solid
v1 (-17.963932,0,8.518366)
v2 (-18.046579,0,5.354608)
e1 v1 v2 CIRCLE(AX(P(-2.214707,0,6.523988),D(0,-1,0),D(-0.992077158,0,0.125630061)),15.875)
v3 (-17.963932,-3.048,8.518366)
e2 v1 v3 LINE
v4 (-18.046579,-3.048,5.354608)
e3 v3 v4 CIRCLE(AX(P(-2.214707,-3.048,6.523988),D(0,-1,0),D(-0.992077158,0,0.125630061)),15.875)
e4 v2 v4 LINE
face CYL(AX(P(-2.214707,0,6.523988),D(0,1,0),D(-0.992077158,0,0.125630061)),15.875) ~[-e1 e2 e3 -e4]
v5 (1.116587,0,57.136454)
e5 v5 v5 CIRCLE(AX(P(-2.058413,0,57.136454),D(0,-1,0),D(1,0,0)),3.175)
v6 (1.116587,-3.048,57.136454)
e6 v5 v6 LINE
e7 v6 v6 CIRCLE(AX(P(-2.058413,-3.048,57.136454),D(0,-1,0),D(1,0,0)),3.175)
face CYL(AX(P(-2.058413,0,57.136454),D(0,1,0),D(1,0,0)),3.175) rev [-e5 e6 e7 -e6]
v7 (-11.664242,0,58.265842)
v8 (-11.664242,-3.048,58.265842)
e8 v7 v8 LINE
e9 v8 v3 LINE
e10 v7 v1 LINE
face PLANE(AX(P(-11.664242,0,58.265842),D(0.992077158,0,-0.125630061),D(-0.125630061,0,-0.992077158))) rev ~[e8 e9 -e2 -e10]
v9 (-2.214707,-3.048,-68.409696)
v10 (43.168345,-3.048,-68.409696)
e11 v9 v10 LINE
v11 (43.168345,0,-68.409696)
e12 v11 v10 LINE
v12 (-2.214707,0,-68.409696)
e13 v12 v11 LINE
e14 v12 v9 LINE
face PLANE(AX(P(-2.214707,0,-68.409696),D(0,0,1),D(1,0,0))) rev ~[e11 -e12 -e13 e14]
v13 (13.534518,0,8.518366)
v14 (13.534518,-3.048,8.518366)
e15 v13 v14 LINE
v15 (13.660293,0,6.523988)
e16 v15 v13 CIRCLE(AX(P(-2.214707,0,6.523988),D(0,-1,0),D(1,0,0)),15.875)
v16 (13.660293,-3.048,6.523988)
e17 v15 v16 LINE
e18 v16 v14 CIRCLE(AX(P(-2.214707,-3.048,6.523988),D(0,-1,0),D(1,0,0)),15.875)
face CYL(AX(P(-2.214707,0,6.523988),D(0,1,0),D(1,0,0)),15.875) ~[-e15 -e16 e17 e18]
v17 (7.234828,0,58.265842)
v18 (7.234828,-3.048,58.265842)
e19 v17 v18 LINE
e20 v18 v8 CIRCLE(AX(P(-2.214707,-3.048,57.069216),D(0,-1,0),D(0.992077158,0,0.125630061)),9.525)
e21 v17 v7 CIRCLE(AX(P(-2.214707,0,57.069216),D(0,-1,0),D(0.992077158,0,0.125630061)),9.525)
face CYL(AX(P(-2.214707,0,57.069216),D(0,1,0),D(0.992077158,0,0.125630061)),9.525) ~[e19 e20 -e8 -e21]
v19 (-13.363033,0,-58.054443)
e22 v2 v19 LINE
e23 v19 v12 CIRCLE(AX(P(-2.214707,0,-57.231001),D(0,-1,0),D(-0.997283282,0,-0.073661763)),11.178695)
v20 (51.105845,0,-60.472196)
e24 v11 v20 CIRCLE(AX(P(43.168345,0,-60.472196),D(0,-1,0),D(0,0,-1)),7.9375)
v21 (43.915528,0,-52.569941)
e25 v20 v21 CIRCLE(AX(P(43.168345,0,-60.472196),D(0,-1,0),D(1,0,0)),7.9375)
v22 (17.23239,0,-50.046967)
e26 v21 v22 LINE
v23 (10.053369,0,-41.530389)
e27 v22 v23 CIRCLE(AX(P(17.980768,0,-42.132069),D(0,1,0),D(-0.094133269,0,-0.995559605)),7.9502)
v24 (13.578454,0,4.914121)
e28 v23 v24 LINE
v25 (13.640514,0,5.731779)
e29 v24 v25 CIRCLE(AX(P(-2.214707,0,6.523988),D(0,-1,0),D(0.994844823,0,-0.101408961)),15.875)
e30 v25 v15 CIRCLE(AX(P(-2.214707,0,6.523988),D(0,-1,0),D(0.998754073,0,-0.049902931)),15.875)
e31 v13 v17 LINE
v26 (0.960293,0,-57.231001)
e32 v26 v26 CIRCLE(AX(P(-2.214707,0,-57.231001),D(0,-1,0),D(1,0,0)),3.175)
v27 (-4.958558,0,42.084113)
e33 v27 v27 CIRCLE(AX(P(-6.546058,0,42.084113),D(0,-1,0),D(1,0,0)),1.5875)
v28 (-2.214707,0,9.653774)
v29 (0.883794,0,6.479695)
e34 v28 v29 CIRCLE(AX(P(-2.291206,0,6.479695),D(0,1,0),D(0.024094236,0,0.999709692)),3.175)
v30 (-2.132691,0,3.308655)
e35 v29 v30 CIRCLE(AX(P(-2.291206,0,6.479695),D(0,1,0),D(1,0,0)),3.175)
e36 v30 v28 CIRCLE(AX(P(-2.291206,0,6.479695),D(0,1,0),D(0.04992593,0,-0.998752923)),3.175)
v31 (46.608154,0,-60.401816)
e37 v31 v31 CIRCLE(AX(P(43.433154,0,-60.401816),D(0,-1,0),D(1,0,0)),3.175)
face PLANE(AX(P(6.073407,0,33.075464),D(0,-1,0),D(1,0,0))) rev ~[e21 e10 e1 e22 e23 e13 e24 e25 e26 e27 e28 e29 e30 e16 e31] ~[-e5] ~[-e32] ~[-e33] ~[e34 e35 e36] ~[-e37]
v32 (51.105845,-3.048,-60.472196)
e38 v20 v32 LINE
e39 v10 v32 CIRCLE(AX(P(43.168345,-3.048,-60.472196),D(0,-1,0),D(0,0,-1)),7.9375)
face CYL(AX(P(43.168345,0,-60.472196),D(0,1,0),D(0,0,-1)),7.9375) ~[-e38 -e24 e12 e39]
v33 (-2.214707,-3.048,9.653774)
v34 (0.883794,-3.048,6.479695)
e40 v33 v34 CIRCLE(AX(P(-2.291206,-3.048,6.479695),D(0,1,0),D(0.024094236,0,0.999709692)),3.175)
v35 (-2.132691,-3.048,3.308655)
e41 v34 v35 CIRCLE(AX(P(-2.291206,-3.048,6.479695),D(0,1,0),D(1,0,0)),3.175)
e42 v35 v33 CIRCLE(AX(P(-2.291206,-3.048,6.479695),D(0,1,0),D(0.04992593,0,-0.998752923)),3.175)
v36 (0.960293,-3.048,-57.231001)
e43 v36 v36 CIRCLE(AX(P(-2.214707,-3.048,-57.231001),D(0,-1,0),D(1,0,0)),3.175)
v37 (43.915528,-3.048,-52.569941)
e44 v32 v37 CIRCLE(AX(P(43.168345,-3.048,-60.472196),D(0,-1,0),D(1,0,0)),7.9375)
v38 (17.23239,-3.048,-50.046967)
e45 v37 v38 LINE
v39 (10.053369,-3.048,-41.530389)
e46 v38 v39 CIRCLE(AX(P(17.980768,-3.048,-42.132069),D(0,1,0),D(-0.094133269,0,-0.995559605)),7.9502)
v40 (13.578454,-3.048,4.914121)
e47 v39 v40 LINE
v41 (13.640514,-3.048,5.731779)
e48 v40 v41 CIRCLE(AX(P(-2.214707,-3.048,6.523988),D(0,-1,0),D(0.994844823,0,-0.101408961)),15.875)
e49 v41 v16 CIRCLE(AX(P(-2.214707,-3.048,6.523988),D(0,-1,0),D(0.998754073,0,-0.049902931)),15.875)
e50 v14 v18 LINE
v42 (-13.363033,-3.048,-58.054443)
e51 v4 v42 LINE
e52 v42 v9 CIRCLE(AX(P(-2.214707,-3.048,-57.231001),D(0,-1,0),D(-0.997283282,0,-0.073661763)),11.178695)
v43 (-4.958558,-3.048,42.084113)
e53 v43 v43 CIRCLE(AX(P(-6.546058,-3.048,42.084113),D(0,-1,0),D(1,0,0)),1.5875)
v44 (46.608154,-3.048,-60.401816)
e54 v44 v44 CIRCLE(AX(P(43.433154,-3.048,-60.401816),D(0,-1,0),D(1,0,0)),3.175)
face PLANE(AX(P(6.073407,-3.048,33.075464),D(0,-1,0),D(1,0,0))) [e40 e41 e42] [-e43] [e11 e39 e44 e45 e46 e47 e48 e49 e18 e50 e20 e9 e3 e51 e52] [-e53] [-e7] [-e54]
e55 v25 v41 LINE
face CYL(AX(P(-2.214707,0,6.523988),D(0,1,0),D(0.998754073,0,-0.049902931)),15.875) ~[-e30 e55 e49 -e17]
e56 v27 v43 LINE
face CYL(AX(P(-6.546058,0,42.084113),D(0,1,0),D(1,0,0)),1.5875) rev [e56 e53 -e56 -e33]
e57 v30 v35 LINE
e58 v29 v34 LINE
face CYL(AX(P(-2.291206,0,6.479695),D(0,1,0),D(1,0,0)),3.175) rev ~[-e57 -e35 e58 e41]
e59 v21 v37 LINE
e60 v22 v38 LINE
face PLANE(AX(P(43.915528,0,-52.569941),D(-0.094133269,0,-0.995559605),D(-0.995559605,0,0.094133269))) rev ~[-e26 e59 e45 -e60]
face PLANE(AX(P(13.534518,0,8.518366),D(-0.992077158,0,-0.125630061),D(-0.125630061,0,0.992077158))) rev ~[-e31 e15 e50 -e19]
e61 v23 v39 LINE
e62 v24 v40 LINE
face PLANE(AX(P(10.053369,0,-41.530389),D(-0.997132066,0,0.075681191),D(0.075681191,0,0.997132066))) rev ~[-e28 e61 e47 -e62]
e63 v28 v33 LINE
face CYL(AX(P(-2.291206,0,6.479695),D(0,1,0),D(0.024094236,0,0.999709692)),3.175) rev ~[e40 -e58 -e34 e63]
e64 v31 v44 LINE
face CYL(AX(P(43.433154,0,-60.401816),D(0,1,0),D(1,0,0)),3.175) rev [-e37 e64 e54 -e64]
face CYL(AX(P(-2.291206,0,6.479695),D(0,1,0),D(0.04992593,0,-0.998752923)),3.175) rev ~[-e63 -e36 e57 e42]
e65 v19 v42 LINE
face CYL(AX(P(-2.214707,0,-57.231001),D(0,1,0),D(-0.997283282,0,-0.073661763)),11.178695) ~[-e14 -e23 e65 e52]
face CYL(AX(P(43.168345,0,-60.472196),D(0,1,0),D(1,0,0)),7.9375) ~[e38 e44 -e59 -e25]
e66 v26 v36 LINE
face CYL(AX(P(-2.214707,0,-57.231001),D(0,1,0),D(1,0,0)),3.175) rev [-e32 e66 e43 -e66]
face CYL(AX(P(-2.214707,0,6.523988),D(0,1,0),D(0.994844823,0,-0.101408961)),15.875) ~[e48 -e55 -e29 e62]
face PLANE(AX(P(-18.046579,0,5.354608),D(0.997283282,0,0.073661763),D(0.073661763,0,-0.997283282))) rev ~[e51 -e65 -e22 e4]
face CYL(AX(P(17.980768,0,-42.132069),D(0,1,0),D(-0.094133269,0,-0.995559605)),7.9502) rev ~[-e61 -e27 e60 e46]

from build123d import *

# Parameters (mm, degrees)
F0_R     = 1.5875
F0_R_2   = 3.175
F1_DEPTH = 3.048


with BuildPart() as f1:
    # F0 (on Front) → F1 (new body)
    with BuildSketch(Plane.XZ):
        with BuildLine():
            ThreePointArc((7.3102929275, 57.069215628), (4.5204850183, 50.3340235372), (-2.2147070725, 47.544215628))
            Line((-2.2147070725, 47.544215628), (-2.2147070725, 22.3989884319))
            ThreePointArc((-2.2147070725, 22.3989884319), (8.2818372765, 18.4335720405), (13.5345178126, 8.5183656578))
            Line((13.5345178126, 8.5183656578), (7.2348278586, 58.2658419636))
            ThreePointArc((7.2348278586, 58.2658419636), (7.2914079389, 57.6687174136), (7.3102929275, 57.069215628))
        make_face()
        with BuildLine():
            Line((-2.2147070725, 22.3989884319), (-2.2147070725, 47.544215628))
            ThreePointArc((-2.2147070725, 47.544215628), (-9.3604572377, 50.7712890187), (-11.6642420035, 58.2658419636))
            Line((-11.6642420035, 58.2658419636), (-17.9639319576, 8.5183656578))
            ThreePointArc((-17.9639319576, 8.5183656578), (-12.7112514214, 18.4335720405), (-2.2147070725, 22.3989884319))
        make_face()
        with Locations((-6.5460577607, 42.0841127634)):
            Circle(F0_R, mode=Mode.SUBTRACT)
        with BuildLine():
            ThreePointArc((-11.6642420035, 58.2658419636), (-9.3604572377, 50.7712890187), (-2.2147070725, 47.544215628))
            ThreePointArc((-2.2147070725, 47.544215628), (4.5204850183, 50.3340235372), (7.3102929275, 57.069215628))
            ThreePointArc((7.3102929275, 57.069215628), (7.2914079389, 57.6687174136), (7.2348278586, 58.2658419636))
            ThreePointArc((7.2348278586, 58.2658419636), (-2.2147070725, 66.594215628), (-11.6642420035, 58.2658419636))
        make_face()
        with Locations((-2.0584128797, 57.1364536881)):
            Circle(F0_R_2, mode=Mode.SUBTRACT)
        with BuildLine():
            ThreePointArc((13.5345178126, 8.5183656578), (8.2818372765, 18.4335720405), (-2.2147070725, 22.3989884319))
            Line((-2.2147070725, 22.3989884319), (-2.2147070725, 9.6537737107))
            ThreePointArc((-2.2147070725, 9.6537737107), (-0.0192566722, 8.6975480096), (0.8837937295, 6.4796954393))
            ThreePointArc((0.8837937295, 6.4796954393), (0.0092186443, 4.2913923956), (-2.132691443, 3.3086549083))
            Line((-2.132691443, 3.3086549083), (-2.132691443, -9.3507997065))
            ThreePointArc((-2.132691443, -9.3507997065), (8.4566239022, -5.2292375181), (13.5784544993, 4.9141211804))
            Line((13.5784544993, 4.9141211804), (13.6405138302, 5.7317794152))
            ThreePointArc((13.6405138302, 5.7317794152), (13.6553473829, 6.1277604865), (13.6602929275, 6.5239884319))
            ThreePointArc((13.6602929275, 6.5239884319), (13.6288179464, 7.5231580745), (13.5345178126, 8.5183656578))
        make_face()
        with BuildLine():
            Line((-2.2147070725, 9.6537737107), (-2.2147070725, 22.3989884319))
            ThreePointArc((-2.2147070725, 22.3989884319), (-12.7112514214, 18.4335720405), (-17.9639319576, 8.5183656578))
            ThreePointArc((-17.9639319576, 8.5183656578), (-18.0842931558, 6.9385515062), (-18.0465791747, 5.3546079379))
            ThreePointArc((-18.0465791747, 5.3546079379), (-12.9885990445, -5.1352944267), (-2.132691443, -9.3507997065))
            Line((-2.132691443, -9.3507997065), (-2.132691443, 3.3086549083))
            ThreePointArc((-2.132691443, 3.3086549083), (-5.4659410707, 6.4386595058), (-2.2147070725, 9.6537737107))
        make_face()
        with BuildLine():
            ThreePointArc((-2.132691443, -9.3507997065), (-12.9885990445, -5.1352944267), (-18.0465791747, 5.3546079379))
            Line((-18.0465791747, 5.3546079379), (-13.3630327903, -58.0544430316))
            ThreePointArc((-13.3630327903, -58.0544430316), (-10.3772327356, -49.5931738227), (-2.132691443, -46.0526064293))
            Line((-2.132691443, -46.0526064293), (-2.132691443, -9.3507997065))
        make_face()
        with BuildLine():
            ThreePointArc((13.5784544993, 4.9141211804), (8.4566239022, -5.2292375181), (-2.132691443, -9.3507997065))
            Line((-2.132691443, -9.3507997065), (-2.132691443, -46.0526064293))
            ThreePointArc((-2.132691443, -46.0526064293), (5.5920407008, -49.2298811623), (8.9582909491, -56.8741548811))
            Line((8.9582909491, -56.8741548811), (36.0931763244, -56.8741548811))
            ThreePointArc((36.0931763244, -56.8741548811), (39.3418040246, -53.517952967), (43.9155275845, -52.5699413526))
            Line((43.9155275845, -52.5699413526), (17.2323900006, -50.0469673747))
            ThreePointArc((17.2323900006, -50.0469673747), (11.9020918829, -47.2560690917), (10.0533689663, -41.530388798))
            Line((10.0533689663, -41.530388798), (13.5784544993, 4.9141211804))
        make_face()
        with BuildLine():
            ThreePointArc((13.5784544993, 4.9141211804), (13.6147644778, 5.322549528), (13.6405138302, 5.7317794152))
            Line((13.6405138302, 5.7317794152), (13.5784544993, 4.9141211804))
        make_face()
        with BuildLine():
            ThreePointArc((-2.132691443, -46.0526064293), (-10.3772327356, -49.5931738227), (-13.3630327903, -58.0544430316))
            ThreePointArc((-13.3630327903, -58.0544430316), (-9.8225389669, -65.4214900969), (-2.2147070725, -68.4096957193))
            ThreePointArc((-2.2147070725, -68.4096957193), (5.6898240232, -65.1355317353), (8.9639880072, -57.2310006396))
            ThreePointArc((8.9639880072, -57.2310006396), (8.9625636519, -57.0525550234), (8.9582909491, -56.8741548811))
            ThreePointArc((8.9582909491, -56.8741548811), (5.5920407008, -49.2298811623), (-2.132691443, -46.0526064293))
        make_face()
        with Locations((-2.2147070725, -57.2310006396)):
            Circle(F0_R_2, mode=Mode.SUBTRACT)
        with BuildLine():
            ThreePointArc((8.9639880072, -57.2310006396), (5.6898240232, -65.1355317353), (-2.2147070725, -68.4096957193))
            Line((-2.2147070725, -68.4096957193), (43.1683447589, -68.4096957193))
            ThreePointArc((43.1683447589, -68.4096957193), (36.4021288518, -64.6221630142), (36.0931763244, -56.8741548811))
            Line((36.0931763244, -56.8741548811), (8.9582909491, -56.8741548811))
            ThreePointArc((8.9582909491, -56.8741548811), (8.9625636519, -57.0525550234), (8.9639880072, -57.2310006396))
        make_face()
        with BuildLine():
            ThreePointArc((36.0931763244, -56.8741548811), (36.4021288518, -64.6221630142), (43.1683447589, -68.4096957193))
            ThreePointArc((43.1683447589, -68.4096957193), (48.7810048346, -66.084855795), (51.1058447589, -60.4721957193))
            ThreePointArc((51.1058447589, -60.4721957193), (49.0392335301, -55.1302324766), (43.9155275845, -52.5699413526))
            ThreePointArc((43.9155275845, -52.5699413526), (39.3418040246, -53.517952967), (36.0931763244, -56.8741548811))
        make_face()
        with Locations((43.4331535689, -60.4018158402)):
            Circle(F0_R_2, mode=Mode.SUBTRACT)
    extrude(amount=F1_DEPTH)


solid = f1.part
